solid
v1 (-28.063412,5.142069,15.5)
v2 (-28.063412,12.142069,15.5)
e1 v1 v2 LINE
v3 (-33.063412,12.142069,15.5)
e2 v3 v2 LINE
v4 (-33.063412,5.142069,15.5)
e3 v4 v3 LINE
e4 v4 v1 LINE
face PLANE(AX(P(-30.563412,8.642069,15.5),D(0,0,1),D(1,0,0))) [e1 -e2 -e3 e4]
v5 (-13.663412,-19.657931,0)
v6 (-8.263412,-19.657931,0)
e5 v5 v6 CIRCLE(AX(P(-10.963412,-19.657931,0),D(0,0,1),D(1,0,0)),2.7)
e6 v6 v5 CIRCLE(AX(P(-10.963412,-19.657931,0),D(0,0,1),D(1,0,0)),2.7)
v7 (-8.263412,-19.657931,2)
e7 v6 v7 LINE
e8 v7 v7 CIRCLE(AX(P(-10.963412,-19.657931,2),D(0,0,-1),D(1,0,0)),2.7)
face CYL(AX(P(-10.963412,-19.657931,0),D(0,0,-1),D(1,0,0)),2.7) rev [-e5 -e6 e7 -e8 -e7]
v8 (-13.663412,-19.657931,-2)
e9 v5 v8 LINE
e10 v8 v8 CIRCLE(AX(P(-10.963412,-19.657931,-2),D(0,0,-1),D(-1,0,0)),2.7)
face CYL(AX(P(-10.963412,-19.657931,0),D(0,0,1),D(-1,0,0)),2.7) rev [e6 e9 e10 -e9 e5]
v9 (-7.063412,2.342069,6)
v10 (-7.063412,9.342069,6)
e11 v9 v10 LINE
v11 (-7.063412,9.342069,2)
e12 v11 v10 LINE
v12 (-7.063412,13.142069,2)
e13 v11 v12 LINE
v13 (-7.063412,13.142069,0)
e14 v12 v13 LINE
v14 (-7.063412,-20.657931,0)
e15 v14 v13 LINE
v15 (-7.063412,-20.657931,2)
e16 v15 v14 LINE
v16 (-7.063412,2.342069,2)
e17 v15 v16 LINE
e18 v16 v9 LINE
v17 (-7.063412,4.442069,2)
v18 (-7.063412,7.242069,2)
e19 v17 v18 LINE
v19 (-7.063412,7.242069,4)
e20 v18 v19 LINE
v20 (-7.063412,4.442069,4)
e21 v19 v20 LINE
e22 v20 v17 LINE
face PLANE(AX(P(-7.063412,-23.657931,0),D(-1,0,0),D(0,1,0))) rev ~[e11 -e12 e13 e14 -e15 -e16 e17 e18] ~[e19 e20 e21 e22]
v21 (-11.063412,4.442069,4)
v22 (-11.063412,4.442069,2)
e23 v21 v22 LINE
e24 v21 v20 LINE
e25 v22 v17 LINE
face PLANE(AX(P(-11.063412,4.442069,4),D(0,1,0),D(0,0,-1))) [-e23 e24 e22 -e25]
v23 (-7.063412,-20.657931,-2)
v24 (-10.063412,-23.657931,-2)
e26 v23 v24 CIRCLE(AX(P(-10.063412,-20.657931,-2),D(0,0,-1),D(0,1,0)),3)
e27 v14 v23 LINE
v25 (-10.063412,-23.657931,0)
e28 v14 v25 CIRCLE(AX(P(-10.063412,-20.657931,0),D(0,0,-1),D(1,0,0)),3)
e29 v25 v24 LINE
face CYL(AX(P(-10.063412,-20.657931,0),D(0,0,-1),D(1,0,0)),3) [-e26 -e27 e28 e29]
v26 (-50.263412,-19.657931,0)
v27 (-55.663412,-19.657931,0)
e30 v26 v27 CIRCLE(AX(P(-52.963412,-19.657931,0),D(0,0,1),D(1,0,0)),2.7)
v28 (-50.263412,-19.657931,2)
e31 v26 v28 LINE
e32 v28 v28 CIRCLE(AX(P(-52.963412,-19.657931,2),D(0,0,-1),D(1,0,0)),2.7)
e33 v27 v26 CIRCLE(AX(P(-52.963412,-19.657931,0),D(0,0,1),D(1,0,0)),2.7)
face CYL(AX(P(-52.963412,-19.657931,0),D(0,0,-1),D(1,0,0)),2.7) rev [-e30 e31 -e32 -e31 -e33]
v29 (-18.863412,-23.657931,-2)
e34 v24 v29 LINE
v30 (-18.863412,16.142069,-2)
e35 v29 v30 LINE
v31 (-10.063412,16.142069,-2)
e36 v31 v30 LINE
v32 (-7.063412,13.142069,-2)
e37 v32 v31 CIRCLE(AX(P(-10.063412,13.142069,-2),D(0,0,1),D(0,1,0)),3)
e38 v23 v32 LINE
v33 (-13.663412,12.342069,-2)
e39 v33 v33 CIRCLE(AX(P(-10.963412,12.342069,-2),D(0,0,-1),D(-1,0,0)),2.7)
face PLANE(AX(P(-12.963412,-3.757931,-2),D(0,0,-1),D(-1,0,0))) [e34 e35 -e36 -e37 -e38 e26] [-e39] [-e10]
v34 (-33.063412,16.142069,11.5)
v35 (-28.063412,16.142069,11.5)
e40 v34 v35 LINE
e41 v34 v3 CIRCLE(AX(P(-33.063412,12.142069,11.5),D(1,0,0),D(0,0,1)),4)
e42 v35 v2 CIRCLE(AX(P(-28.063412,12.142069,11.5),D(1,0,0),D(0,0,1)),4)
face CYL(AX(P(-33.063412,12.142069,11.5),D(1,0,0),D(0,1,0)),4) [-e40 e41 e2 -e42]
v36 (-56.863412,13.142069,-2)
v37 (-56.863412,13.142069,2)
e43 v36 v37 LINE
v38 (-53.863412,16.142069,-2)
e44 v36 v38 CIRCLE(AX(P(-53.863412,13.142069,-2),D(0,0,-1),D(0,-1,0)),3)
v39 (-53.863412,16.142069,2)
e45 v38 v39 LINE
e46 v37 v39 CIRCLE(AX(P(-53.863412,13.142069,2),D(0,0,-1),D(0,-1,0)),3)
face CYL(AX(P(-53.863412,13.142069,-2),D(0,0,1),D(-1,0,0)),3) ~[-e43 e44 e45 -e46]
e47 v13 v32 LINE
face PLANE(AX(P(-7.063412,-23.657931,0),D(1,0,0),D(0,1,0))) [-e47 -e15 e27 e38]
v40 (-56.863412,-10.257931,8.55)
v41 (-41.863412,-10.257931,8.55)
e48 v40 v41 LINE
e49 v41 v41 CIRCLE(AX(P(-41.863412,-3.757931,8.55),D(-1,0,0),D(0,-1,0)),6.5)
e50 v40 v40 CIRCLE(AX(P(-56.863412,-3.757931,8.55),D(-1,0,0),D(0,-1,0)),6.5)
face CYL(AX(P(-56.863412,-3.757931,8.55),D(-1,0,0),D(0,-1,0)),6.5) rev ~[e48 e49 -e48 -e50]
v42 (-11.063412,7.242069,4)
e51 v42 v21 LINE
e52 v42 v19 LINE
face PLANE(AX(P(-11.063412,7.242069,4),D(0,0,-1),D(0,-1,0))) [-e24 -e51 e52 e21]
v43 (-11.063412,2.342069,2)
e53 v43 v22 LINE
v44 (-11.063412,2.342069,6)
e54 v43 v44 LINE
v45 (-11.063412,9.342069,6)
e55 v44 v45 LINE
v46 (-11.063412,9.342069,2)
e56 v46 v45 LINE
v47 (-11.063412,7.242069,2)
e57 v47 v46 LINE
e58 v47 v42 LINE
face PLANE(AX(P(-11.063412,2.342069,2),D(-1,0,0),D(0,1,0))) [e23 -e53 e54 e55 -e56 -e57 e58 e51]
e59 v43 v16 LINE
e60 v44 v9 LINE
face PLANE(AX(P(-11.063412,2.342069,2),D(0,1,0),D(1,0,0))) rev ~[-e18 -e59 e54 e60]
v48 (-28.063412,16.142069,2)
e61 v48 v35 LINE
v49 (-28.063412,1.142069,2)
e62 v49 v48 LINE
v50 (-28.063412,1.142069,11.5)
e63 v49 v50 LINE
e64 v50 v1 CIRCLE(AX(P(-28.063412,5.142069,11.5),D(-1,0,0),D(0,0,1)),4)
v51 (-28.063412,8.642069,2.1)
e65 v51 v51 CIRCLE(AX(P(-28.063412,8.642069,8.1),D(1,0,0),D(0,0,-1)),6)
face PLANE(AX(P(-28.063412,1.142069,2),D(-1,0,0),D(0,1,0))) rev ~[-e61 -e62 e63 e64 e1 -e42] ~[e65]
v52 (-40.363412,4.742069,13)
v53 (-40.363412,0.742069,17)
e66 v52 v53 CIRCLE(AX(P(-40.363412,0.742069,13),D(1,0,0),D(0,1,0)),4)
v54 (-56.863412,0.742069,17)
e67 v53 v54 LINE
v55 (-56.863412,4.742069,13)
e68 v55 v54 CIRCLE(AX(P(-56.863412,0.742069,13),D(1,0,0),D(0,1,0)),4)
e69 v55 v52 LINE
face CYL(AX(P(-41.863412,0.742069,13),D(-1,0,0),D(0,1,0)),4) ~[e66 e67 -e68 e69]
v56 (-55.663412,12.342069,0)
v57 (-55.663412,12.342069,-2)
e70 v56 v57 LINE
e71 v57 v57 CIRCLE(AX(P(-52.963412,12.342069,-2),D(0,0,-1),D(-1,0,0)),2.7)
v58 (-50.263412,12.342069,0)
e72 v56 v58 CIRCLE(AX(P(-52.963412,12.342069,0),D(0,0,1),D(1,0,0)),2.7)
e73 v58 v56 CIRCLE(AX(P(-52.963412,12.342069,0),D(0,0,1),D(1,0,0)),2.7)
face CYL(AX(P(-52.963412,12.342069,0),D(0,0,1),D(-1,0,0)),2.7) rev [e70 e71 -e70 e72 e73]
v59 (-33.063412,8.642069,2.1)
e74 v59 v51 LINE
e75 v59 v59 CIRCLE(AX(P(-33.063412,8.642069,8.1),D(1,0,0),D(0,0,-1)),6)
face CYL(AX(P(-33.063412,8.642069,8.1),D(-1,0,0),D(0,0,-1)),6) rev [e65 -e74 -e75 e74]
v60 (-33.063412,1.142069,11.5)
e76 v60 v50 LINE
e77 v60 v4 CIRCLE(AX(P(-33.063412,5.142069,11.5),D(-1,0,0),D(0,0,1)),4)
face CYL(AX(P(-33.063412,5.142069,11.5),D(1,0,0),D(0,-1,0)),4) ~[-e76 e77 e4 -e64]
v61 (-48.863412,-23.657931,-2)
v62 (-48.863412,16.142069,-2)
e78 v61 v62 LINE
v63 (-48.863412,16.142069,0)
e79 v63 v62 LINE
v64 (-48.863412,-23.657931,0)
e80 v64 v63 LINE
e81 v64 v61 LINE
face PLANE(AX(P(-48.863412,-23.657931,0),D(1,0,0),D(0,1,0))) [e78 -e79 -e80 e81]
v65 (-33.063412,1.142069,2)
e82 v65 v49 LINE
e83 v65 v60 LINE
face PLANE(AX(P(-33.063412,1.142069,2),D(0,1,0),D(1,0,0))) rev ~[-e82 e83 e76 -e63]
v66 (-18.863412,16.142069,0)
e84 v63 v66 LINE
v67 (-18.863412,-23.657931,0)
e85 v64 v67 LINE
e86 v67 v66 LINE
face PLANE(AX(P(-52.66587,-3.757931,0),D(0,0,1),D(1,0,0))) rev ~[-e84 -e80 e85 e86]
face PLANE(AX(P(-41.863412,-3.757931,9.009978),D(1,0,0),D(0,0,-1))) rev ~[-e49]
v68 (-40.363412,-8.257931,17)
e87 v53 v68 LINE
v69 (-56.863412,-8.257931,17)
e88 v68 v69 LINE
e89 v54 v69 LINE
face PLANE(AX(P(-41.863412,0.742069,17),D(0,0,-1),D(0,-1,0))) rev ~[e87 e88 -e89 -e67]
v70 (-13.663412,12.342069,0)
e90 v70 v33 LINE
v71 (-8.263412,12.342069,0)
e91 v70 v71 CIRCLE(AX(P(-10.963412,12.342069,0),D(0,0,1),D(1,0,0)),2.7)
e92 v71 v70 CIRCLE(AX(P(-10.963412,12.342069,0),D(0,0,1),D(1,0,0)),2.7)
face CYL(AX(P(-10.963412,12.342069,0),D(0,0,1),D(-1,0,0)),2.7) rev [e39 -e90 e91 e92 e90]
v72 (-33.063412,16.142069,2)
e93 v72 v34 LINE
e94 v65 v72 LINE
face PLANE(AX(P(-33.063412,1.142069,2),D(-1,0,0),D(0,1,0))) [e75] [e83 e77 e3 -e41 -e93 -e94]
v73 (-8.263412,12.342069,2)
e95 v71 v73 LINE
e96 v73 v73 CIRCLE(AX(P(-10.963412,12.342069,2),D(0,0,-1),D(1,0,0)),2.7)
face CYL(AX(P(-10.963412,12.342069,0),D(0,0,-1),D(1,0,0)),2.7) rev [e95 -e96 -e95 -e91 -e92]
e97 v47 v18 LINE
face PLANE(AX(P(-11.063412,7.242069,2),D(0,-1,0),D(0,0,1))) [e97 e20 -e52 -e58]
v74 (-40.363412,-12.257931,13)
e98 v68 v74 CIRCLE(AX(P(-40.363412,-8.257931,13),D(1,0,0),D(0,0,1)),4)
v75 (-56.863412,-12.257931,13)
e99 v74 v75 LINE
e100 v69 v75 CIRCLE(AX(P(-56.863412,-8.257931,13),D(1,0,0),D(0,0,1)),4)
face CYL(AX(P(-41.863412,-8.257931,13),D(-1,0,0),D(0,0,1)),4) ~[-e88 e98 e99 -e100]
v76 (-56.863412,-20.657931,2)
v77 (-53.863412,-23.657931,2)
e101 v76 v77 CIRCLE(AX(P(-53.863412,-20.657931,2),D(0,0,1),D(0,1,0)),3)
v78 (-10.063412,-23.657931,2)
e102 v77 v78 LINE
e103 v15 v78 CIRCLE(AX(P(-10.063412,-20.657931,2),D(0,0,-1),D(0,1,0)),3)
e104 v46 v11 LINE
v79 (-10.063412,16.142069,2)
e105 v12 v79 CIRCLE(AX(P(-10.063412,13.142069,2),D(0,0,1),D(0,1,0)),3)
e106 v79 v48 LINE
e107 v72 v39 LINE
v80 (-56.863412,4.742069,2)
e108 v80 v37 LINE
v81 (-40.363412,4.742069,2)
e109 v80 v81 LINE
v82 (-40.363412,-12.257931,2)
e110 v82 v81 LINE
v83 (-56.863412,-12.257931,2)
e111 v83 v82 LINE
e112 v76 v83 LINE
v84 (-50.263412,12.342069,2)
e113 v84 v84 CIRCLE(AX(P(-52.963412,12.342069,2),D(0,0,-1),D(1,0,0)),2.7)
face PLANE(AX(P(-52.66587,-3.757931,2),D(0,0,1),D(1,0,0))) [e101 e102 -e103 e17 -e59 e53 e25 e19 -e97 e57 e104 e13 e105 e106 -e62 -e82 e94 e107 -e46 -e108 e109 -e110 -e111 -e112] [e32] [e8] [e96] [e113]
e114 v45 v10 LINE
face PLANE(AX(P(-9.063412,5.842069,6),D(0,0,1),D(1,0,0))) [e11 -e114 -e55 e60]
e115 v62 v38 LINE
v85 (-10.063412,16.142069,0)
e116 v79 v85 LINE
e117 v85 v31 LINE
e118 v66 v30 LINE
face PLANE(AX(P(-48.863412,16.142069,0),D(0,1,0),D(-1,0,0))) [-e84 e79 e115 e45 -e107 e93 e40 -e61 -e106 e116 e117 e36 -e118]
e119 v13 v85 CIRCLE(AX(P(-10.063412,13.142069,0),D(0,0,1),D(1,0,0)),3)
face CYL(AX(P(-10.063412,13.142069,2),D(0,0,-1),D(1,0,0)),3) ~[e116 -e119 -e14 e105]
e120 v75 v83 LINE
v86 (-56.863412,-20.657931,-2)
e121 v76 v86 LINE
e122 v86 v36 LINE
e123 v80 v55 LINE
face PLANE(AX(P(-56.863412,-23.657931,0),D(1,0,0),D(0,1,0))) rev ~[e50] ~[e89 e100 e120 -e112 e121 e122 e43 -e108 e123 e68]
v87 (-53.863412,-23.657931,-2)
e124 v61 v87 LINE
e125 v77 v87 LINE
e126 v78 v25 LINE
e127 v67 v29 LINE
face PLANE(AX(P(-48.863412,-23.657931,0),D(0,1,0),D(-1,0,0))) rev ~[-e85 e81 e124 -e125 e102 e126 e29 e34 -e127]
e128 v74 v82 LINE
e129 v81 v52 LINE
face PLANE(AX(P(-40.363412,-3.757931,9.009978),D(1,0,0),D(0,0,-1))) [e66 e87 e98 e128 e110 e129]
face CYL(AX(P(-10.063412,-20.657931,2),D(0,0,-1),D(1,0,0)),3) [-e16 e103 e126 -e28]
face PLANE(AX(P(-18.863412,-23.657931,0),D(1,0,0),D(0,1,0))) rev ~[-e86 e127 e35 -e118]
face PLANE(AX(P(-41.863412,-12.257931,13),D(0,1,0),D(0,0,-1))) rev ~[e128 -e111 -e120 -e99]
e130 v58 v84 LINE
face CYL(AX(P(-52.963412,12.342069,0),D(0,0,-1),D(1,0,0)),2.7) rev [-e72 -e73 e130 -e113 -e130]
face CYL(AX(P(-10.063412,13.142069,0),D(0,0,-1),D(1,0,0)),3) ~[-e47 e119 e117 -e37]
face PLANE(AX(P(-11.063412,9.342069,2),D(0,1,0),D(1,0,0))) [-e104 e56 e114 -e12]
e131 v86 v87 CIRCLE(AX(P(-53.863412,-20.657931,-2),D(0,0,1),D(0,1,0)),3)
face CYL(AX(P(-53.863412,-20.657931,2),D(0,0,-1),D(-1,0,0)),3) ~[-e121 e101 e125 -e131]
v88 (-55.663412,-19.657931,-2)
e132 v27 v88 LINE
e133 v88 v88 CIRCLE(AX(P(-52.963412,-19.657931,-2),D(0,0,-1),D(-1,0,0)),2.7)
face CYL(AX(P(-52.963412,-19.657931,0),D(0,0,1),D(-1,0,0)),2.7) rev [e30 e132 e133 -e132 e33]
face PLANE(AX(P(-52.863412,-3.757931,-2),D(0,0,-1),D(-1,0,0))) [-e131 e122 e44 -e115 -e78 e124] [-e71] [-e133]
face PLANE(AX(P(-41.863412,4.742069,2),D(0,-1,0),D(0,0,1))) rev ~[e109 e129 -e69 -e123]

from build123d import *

# Parameters (mm, degrees)
CROQUIS1_W               = 49.8
CROQUIS1_H               = 39.8
CROQUIS1_R               = 2.7
SALIENTE_EXTRUIR1_DEPTH  = 6
CORTAR_EXTRUIR1_DEPTH    = 4
SALIENTE_EXTRUIR3_DEPTH  = 3
CROQUIS5_R               = 6.35
CORTAR_EXTRUIR2_DEPTH    = 3
SALIENTE_EXTRUIR4_DEPTH  = 10
SALIENTE_EXTRUIR5_DEPTH  = 2
CORTAR_EXTRUIR3_START    = -3
CORTAR_EXTRUIR3_DEPTH    = 3
CORTAR_EXTRUIR4_DEPTH    = 4
CROQUIS10_W              = 4
CROQUIS10_H              = 7
SALIENTE_EXTRUIR6_DEPTH  = 4
CORTAR_EXTRUIR5_START    = -4
CORTAR_EXTRUIR5_DEPTH    = 4
CROQUIS16_W              = 28.958796265
CROQUIS16_H              = 47.870649268
CORTAR_EXTRUIR6_DEPTH    = 2
CROQUIS17_W              = 5
CROQUIS17_H              = 16
CORTAR_EXTRUIR7_DEPTH    = 10
CORTAR_EXTRUIR8_DEPTH    = 2
SALIENTE_EXTRUIR7_DEPTH  = 2
CROQUIS22_R              = 6.5
SALIENTE_EXTRUIR9_DEPTH  = 15
SALIENTE_EXTRUIR10_DEPTH = 1.5
CROQUIS25_W              = 5
CROQUIS25_H              = 15
SALIENTE_EXTRUIR11_DEPTH = 13.5
CORTAR_EXTRUIR9_START    = -5
CROQUIS26_R              = 6
CORTAR_EXTRUIR9_DEPTH    = 5
REDONDEO2_R              = 4
CROQUIS27_W              = 8
CROQUIS27_H              = 39.8
CROQUIS27_R              = 2.7
CROQUIS27_W_2            = 11.8
SALIENTE_EXTRUIR13_DEPTH = 2
REDONDEO3_R              = 3


with BuildPart() as part:
    # Croquis1 → Saliente-Extruir1 (new body)
    with BuildSketch(Plane.XY):
        with Locations((-31.963412372, -3.757931034)):
            Rectangle(CROQUIS1_W, CROQUIS1_H)
        with Locations((-52.963412372, 12.342068966)):
            Circle(CROQUIS1_R, mode=Mode.SUBTRACT)
        with Locations((-10.963412372, 12.342068966)):
            Circle(CROQUIS1_R, mode=Mode.SUBTRACT)
        with Locations((-10.963412372, -19.657931034)):
            Circle(CROQUIS1_R, mode=Mode.SUBTRACT)
        with Locations((-52.963412372, -19.657931034)):
            Circle(CROQUIS1_R, mode=Mode.SUBTRACT)
    extrude(amount=SALIENTE_EXTRUIR1_DEPTH)

    # Croquis2 → Cortar-Extruir1 (cut)
    with BuildSketch(Plane.XY.offset(6)):
        with BuildLine():
            Line((-49.963412372, -16.757931034), (-13.963412372, -16.757931034))
            ThreePointArc((-13.963412372, -16.757931034), (-12.54919881, -16.172144597), (-11.963412372, -14.757931034))
            Line((-11.963412372, -14.757931034), (-11.963412372, 7.242068966))
            ThreePointArc((-11.963412372, 7.242068966), (-12.54919881, 8.656282528), (-13.963412372, 9.242068966))
            Line((-13.963412372, 9.242068966), (-49.963412372, 9.242068966))
            ThreePointArc((-49.963412372, 9.242068966), (-51.377625934, 8.656282528), (-51.963412372, 7.242068966))
            Line((-51.963412372, 7.242068966), (-51.963412372, -14.757931034))
            ThreePointArc((-51.963412372, -14.757931034), (-51.377625934, -16.172144597), (-49.963412372, -16.757931034))
        make_face()
    extrude(amount=-CORTAR_EXTRUIR1_DEPTH, mode=Mode.SUBTRACT)

    # Croquis4 → Saliente-Extruir3 (add)
    with BuildSketch(Plane(origin=(0, 0, 0), x_dir=(-1, 0, 0), z_dir=(0, 0, -1))):
        with BuildLine():
            Line((56.863412372, 4.242068966), (61.863412372, 4.242068966))
            Line((61.863412372, 4.242068966), (61.863412372, -0.257931034))
            Line((61.863412372, -0.257931034), (57.863412372, -0.257931034))
            ThreePointArc((57.863412372, -0.257931034), (57.358118834, -0.294597605), (56.863412372, -0.403829068))
            Line((56.863412372, -0.403829068), (56.863412372, 4.242068966))
        make_face()
        with BuildLine():
            Line((61.863412372, -11.757931034), (56.863412372, -11.757931034))
            Line((56.863412372, -11.757931034), (56.863412372, -7.112033001))
            ThreePointArc((56.863412372, -7.112033001), (57.358118834, -7.221264464), (57.863412372, -7.257931034))
            Line((57.863412372, -7.257931034), (61.863412372, -7.257931034))
            Line((61.863412372, -7.257931034), (61.863412372, -11.757931034))
        make_face()
    extrude(amount=-SALIENTE_EXTRUIR3_DEPTH)

    # Croquis5 → Cortar-Extruir2 (cut)
    with BuildSketch(Plane.XY.offset(3)):
        with Locations((-57.863412372, -3.757931034)):
            Circle(CROQUIS5_R)
    extrude(amount=CORTAR_EXTRUIR2_DEPTH, mode=Mode.SUBTRACT)

    # Croquis6 → Saliente-Extruir4 (add)
    with BuildSketch(Plane.XY.offset(3)):
        with BuildLine():
            Line((-61.863412372, 4.242068966), (-51.963412372, 4.242068966))
            Line((-51.963412372, 4.242068966), (-48.963412372, 4.242068966))
            Line((-48.963412372, 4.242068966), (-48.963412372, -11.757931034))
            Line((-48.963412372, -11.757931034), (-51.963412372, -11.757931034))
            Line((-51.963412372, -11.757931034), (-61.863412372, -11.757931034))
            Line((-61.863412372, -11.757931034), (-61.863412372, -8.689715701))
            ThreePointArc((-61.863412372, -8.689715701), (-51.513412372, -3.757931034), (-61.863412372, 1.173853632))
            Line((-61.863412372, 1.173853632), (-61.863412372, 4.242068966))
        make_face()
    extrude(amount=SALIENTE_EXTRUIR4_DEPTH)

    # Croquis7 → Saliente-Extruir5 (add)
    with BuildSketch(Plane.XY.offset(2)):
        Polygon((-51.963412372, -3.757931034), (-51.963412372, 4.242068966), (-48.963412372, 4.242068966), (-48.963412372, -11.757931034), (-51.963412372, -11.757931034), align=None)
    extrude(amount=SALIENTE_EXTRUIR5_DEPTH)

    # Croquis8 → Cortar-Extruir3 (cut)
    with BuildSketch(Plane.XY.offset(3).offset(CORTAR_EXTRUIR3_START)):
        with BuildLine():
            Line((-56.863412372, -0.403829068), (-56.863412372, -7.112033001))
            ThreePointArc((-56.863412372, -7.112033001), (-53.509310406, -3.757931034), (-56.863412372, -0.403829068))
        make_face()
    extrude(amount=CORTAR_EXTRUIR3_DEPTH, mode=Mode.SUBTRACT)

    # Croquis9 → Cortar-Extruir4 (cut)
    with BuildSketch(Plane.XY.offset(6)):
        Polygon((-56.863412372, -11.757931034), (-56.863412372, -27.492217147), (-1.817084798, -27.492217147), (-1.817084798, 22.861833321), (-56.863412372, 22.861833321), (-56.863412372, 4.242068966), (-47.172737702, 4.242068966), (-47.172737702, -11.757931034), align=None)
    extrude(amount=-CORTAR_EXTRUIR4_DEPTH, mode=Mode.SUBTRACT)

    # Croquis10 → Saliente-Extruir6 (add)
    with BuildSketch(Plane.XY.offset(2)):
        with Locations((-9.063412372, 5.842068966)):
            Rectangle(CROQUIS10_W, CROQUIS10_H)
    extrude(amount=SALIENTE_EXTRUIR6_DEPTH)

    # Croquis11 → Cortar-Extruir5 (cut)
    with BuildSketch(Plane(origin=(-7.063412372, 0, 0), x_dir=(0, 0, -1), z_dir=(1, 0, 0)).offset(CORTAR_EXTRUIR5_START)):
        Polygon((-2, 5.842068966), (-2, 7.242068966), (-4, 7.242068966), (-4, 4.442068966), (-2, 4.442068966), align=None)
    extrude(amount=CORTAR_EXTRUIR5_DEPTH, mode=Mode.SUBTRACT)

    # Croquis16 → Cortar-Extruir6 (cut)
    with BuildSketch(Plane.XY.offset(2)):
        with Locations((-49.718694927, -6.990346687)):
            Rectangle(CROQUIS16_W, CROQUIS16_H)
    extrude(amount=CORTAR_EXTRUIR6_DEPTH, mode=Mode.SUBTRACT)


with BuildPart() as cortar_extruir6_kept_piece:
    # of the separate pieces the step leaves, the one the design keeps (cortar_extruir6_pieces_kept)
    add(part.part.solids().sort_by_distance((-56.863412372, 16.142068966, 0))[0])

    # Croquis17 → Cortar-Extruir7 (cut)
    with BuildSketch(Plane.XY.offset(2)):
        with Locations((-59.363412372, -3.757931034)):
            Rectangle(CROQUIS17_W, CROQUIS17_H)
    extrude(amount=-CORTAR_EXTRUIR7_DEPTH, mode=Mode.SUBTRACT)

    # Croquis18 → Cortar-Extruir8 (cut)
    with BuildSketch(Plane.XY.offset(2)):
        with BuildLine():
            Line((-56.863412372, -0.403829068), (-50.513412372, -0.403829068))
            ThreePointArc((-50.513412372, -0.403829068), (-47.159310406, -3.757931034), (-50.513412372, -7.112033001))
            Line((-50.513412372, -7.112033001), (-56.863412372, -7.112033001))
            Line((-56.863412372, -7.112033001), (-56.863412372, -0.403829068))
        make_face()
    extrude(amount=-CORTAR_EXTRUIR8_DEPTH, mode=Mode.SUBTRACT)

    # Croquis20 → Saliente-Extruir7 (add)
    with BuildSketch(Plane.XY.offset(2)):
        with BuildLine():
            Line((-56.863412372, -0.403829068), (-56.863412372, -7.112033001))
            Line((-56.863412372, -7.112033001), (-50.513412372, -7.112033001))
            ThreePointArc((-50.513412372, -7.112033001), (-47.159310406, -3.757931034), (-50.513412372, -0.403829068))
            Line((-50.513412372, -0.403829068), (-56.863412372, -0.403829068))
        make_face()
    extrude(amount=-SALIENTE_EXTRUIR7_DEPTH)

    # Croquis22 → Saliente-Extruir9 (add)
    with BuildSketch(Plane.ZY.offset(56.863412372)):
        with BuildLine():
            Line((2, -3.757931034), (2, 4.742068966))
            Line((2, 4.742068966), (13, 4.742068966))
            ThreePointArc((13, 4.742068966), (15.828427125, 3.57049609), (17, 0.742068966))
            Line((17, 0.742068966), (17, -8.257931034))
            ThreePointArc((17, -8.257931034), (15.828427125, -11.086358159), (13, -12.257931034))
            Line((13, -12.257931034), (2, -12.257931034))
            Line((2, -12.257931034), (2, -3.757931034))
        make_face()
        with Locations(Location((8.55, -3.757931034, 0), (0, 0, 270))):
            Circle(CROQUIS22_R, mode=Mode.SUBTRACT)
    extrude(amount=-SALIENTE_EXTRUIR9_DEPTH)

    # Croquis23 → Saliente-Extruir10 (add)
    with BuildSketch(Plane(origin=(-41.863412372, 0, 0), x_dir=(0, 0, -1), z_dir=(1, 0, 0))):
        with BuildLine():
            Line((-13, -12.257931034), (-2, -12.257931034))
            Line((-2, -12.257931034), (-2, 4.742068966))
            Line((-2, 4.742068966), (-13, 4.742068966))
            ThreePointArc((-13, 4.742068966), (-15.828427125, 3.57049609), (-17, 0.742068966))
            Line((-17, 0.742068966), (-17, -8.257931034))
            ThreePointArc((-17, -8.257931034), (-15.828427125, -11.086358159), (-13, -12.257931034))
        make_face()
    extrude(amount=SALIENTE_EXTRUIR10_DEPTH)

    # Croquis25 → Saliente-Extruir11 (add)
    with BuildSketch(Plane.XY.offset(2)):
        with Locations((-30.563412372, 8.642068966)):
            Rectangle(CROQUIS25_W, CROQUIS25_H)
    extrude(amount=SALIENTE_EXTRUIR11_DEPTH)

    # Croquis26 → Cortar-Extruir9 (cut)
    with BuildSketch(Plane(origin=(-28.063412372, 0, 0), x_dir=(0, 0, -1), z_dir=(1, 0, 0)).offset(CORTAR_EXTRUIR9_START)):
        with Locations((-8.1, 8.642068966)):
            Circle(CROQUIS26_R)
    extrude(amount=CORTAR_EXTRUIR9_DEPTH, mode=Mode.SUBTRACT)

    # Redondeo2
    redondeo2_edges = [cortar_extruir6_kept_piece.edges().sort_by_distance(p)[0] for p in [
        (-30.563412372, 1.142068966, 15.5),
        (-30.563412372, 16.142068966, 15.5),
    ]]
    fillet(redondeo2_edges, radius=REDONDEO2_R)

    # Croquis27 → Saliente-Extruir13 (add)
    # profile 1 of 2: a face of its own
    with BuildSketch(Plane(origin=(0, 0, 0), x_dir=(-1, 0, 0), z_dir=(0, 0, -1))):
        with Locations((52.863412372, -3.757931034)):
            Rectangle(CROQUIS27_W, CROQUIS27_H)
        with Locations((52.963412372, -19.657931034)):
            Circle(CROQUIS27_R, mode=Mode.SUBTRACT)
        with Locations((52.963412372, 12.342068966)):
            Circle(CROQUIS27_R, mode=Mode.SUBTRACT)
    # profile 2 of 2: a face of its own
    with BuildSketch(Plane(origin=(0, 0, 0), x_dir=(-1, 0, 0), z_dir=(0, 0, -1))):
        with Locations((12.963412372, -3.757931034)):
            Rectangle(CROQUIS27_W_2, CROQUIS27_H)
        with Locations((10.963412372, 12.342068966)):
            Circle(CROQUIS27_R, mode=Mode.SUBTRACT)
        with Locations((10.963412372, -19.657931034)):
            Circle(CROQUIS27_R, mode=Mode.SUBTRACT)
    extrude(amount=SALIENTE_EXTRUIR13_DEPTH)

    # Redondeo3
    redondeo3_edges = [cortar_extruir6_kept_piece.edges().sort_by_distance(p)[0] for p in [
        (-56.863412372, 16.142068966, 0),
        (-7.063412372, 16.142068966, 0),
        (-7.063412372, -23.657931034, 0),
        (-56.863412372, -23.657931034, 0),
    ]]
    fillet(redondeo3_edges, radius=REDONDEO3_R)


solid = cortar_extruir6_kept_piece.part
